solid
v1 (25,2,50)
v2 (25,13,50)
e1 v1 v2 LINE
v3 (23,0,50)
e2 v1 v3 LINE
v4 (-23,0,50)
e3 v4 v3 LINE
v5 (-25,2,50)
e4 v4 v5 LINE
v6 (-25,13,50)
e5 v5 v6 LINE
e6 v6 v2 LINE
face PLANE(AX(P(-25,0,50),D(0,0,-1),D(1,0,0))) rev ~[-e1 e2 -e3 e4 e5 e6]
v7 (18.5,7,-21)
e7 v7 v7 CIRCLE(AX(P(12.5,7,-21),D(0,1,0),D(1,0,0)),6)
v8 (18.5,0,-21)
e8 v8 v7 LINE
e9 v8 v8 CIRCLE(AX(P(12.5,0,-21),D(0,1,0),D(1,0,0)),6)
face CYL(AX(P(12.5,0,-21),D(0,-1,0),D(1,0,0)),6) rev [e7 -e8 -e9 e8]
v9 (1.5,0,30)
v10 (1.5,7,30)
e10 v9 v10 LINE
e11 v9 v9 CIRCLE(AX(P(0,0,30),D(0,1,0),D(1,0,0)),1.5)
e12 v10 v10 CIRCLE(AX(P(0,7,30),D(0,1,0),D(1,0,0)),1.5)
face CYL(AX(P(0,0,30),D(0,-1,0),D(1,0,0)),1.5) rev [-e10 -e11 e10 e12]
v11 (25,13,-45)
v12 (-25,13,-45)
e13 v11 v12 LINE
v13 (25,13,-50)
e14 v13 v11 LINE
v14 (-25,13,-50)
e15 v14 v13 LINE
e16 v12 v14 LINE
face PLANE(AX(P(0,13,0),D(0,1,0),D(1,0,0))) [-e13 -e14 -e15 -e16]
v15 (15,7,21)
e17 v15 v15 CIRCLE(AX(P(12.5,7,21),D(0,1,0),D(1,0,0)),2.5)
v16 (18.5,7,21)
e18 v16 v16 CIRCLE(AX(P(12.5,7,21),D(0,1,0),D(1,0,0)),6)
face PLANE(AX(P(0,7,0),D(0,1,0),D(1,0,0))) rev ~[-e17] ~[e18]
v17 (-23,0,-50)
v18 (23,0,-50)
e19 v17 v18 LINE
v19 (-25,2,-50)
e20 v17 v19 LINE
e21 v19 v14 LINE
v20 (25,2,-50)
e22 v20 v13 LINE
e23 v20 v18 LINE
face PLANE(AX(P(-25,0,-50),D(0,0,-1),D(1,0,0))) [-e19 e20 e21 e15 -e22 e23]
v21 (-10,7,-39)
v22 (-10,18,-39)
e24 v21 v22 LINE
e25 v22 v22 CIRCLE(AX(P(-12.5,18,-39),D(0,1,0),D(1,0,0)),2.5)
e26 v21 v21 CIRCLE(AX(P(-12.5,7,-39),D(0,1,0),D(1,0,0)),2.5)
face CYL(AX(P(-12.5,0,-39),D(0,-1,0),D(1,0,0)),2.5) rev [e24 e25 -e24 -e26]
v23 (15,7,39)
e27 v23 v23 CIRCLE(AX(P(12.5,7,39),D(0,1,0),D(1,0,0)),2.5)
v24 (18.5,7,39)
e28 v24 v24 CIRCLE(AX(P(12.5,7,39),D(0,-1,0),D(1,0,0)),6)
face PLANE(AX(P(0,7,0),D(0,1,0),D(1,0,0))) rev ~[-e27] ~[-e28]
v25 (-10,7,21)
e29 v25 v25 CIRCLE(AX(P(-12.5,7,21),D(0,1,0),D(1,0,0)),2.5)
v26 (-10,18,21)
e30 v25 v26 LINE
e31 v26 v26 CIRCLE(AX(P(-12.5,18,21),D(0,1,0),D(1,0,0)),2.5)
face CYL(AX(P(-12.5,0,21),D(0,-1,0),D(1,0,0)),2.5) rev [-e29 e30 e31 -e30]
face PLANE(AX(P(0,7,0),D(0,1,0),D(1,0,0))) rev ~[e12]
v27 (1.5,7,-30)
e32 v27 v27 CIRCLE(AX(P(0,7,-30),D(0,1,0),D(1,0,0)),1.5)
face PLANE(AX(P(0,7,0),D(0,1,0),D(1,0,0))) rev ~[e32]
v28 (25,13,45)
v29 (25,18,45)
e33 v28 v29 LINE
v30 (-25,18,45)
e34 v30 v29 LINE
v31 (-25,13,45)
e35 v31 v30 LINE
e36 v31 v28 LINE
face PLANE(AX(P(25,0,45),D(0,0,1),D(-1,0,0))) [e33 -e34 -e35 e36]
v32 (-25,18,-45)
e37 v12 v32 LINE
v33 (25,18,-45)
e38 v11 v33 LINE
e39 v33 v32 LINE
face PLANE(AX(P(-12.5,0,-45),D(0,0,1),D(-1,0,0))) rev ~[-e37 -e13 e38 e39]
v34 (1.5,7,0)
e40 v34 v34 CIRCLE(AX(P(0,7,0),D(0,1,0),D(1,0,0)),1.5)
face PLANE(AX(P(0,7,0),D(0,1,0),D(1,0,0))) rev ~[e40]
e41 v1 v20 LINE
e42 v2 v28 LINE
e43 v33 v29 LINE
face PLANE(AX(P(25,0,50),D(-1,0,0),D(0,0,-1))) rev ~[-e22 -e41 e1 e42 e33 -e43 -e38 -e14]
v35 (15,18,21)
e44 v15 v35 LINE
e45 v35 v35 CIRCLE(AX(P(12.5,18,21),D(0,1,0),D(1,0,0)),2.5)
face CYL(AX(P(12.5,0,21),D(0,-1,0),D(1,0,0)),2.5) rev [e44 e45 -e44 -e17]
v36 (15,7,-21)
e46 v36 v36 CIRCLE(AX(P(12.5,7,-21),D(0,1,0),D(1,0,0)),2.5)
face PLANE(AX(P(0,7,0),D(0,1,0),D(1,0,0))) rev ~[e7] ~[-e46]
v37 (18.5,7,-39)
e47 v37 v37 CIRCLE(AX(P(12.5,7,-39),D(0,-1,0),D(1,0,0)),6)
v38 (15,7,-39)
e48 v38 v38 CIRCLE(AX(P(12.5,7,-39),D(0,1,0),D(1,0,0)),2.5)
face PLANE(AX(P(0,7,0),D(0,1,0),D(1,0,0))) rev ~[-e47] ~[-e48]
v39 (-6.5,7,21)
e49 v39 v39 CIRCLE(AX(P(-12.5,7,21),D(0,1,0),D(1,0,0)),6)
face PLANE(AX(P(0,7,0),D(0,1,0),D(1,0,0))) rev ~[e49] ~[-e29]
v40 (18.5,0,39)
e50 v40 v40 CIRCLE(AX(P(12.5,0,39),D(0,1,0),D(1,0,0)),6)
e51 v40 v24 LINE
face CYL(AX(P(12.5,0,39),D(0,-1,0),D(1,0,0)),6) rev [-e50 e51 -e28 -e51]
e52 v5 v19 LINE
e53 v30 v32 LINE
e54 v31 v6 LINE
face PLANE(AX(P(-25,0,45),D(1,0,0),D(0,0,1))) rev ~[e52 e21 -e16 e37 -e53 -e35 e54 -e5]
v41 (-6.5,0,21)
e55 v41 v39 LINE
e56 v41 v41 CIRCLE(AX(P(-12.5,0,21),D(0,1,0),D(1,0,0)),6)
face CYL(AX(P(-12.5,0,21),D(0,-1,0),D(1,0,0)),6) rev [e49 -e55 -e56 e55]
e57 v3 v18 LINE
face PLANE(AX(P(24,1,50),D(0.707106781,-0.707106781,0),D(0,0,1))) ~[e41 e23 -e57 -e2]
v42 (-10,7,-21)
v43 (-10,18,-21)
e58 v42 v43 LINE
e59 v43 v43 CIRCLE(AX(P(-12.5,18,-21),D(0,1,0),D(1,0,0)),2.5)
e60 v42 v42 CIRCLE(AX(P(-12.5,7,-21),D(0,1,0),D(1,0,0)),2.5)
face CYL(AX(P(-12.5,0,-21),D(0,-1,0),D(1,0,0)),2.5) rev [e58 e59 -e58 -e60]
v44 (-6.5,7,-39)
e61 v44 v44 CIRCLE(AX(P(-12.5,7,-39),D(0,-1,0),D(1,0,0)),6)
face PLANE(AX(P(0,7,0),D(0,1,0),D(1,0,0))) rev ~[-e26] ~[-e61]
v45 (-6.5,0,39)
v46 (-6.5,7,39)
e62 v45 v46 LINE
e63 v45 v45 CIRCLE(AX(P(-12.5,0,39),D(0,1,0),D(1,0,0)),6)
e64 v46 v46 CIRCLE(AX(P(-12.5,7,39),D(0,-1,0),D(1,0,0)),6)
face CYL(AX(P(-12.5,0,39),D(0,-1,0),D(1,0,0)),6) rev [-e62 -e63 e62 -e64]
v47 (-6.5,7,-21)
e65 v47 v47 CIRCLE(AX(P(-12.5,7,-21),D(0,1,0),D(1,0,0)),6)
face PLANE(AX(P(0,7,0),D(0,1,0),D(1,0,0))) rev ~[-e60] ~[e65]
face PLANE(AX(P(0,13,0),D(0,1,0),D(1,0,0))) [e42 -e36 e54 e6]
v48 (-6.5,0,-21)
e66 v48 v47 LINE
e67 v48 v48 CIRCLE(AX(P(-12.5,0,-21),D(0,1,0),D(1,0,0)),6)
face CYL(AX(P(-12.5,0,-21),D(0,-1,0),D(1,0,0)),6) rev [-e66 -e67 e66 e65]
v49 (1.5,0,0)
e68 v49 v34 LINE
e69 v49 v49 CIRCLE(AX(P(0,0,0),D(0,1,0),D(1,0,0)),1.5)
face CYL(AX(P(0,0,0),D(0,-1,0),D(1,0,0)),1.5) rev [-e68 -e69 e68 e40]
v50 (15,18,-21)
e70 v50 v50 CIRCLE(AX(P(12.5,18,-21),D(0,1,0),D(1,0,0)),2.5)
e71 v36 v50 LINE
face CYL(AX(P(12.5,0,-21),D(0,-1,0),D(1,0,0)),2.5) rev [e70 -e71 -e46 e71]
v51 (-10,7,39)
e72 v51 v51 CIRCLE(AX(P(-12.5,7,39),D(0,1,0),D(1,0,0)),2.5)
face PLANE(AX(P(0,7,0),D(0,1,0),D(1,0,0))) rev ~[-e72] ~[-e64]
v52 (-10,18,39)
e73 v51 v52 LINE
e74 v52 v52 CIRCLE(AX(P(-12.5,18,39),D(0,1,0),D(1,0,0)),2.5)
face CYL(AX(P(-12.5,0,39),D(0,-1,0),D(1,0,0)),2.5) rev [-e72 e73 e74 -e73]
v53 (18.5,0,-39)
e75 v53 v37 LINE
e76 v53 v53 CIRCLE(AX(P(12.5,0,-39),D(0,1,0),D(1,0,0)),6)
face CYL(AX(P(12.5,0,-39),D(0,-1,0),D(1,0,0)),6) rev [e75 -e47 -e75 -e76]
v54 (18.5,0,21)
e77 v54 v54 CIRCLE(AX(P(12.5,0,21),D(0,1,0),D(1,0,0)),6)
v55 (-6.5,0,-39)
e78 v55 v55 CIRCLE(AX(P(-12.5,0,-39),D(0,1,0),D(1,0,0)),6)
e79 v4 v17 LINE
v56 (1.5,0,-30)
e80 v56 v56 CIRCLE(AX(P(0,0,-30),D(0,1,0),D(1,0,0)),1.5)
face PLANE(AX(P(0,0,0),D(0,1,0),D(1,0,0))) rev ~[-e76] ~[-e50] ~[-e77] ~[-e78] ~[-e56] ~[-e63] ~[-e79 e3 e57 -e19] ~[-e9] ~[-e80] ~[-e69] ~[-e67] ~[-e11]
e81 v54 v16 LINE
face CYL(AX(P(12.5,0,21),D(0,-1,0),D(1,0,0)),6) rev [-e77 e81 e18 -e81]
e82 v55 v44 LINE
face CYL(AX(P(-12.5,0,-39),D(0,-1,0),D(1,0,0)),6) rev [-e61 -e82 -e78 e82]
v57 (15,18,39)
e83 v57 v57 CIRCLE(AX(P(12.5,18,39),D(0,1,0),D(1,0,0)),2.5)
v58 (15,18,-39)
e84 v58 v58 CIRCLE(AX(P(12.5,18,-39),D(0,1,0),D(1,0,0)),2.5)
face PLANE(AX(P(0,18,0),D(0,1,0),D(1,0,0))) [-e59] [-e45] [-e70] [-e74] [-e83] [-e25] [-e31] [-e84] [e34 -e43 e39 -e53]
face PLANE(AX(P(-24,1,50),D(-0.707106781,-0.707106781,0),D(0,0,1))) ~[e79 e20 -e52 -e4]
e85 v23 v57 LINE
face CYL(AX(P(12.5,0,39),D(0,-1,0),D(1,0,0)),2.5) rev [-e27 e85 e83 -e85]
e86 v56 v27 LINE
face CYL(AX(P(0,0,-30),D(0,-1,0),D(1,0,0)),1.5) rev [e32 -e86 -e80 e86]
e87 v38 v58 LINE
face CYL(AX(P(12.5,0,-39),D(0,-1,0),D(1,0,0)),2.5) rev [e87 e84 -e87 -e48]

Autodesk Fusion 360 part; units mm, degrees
sketch "Board" plane through (0, 0, 0) normal (0, 1, 0) x (1, 0, 0)
  line L0 (-25, -45) -> (-25, -50)
  circle A0 centre (12.5, -39) radius 6
  line L1 (-25, -50) -> (25, -50)
  circle A1 centre (12.5, -21) radius 2.5
  circle A2 centre (12.5, 21) radius 2.5
  line L2 (-25, 50) -> (25, 50)
  circle A3 centre (0, 30) radius 1.5
  line L3 (-25, 45) -> (-25, 50)
  circle A4 centre (12.5, 39) radius 6
  circle A5 centre (-12.5, 21) radius 2.5
  circle A6 centre (12.5, 21) radius 6
  line L4 (25, 50) -> (25, 45)
  circle A7 centre (12.5, -21) radius 6
  line L5 (-25, 50) -> (25, 50)
  circle A8 centre (-12.5, 21) radius 6
  circle A9 centre (-12.5, -21) radius 2.5
  line L6 (25, 50) -> (-25, 50)
  circle A10 centre (12.5, 39) radius 2.5
  circle A11 centre (-12.5, 39) radius 6
  circle A12 centre (-12.5, 39) radius 2.5
  line L7 (25, -45) -> (-25, -45)
  line L8 (25, -50) -> (-25, -50)
  circle A13 centre (12.5, -39) radius 2.5
  circle A14 centre (-12.5, -39) radius 6
  circle A15 centre (0, -30) radius 1.5
  circle A16 centre (-12.5, -39) radius 2.5
  line L9 (25, -50) -> (25, -45)
  line L10 (25, 50) -> (25, -50)
  line L11 (25, 45) -> (-25, 45)
  line L12 (-25, -50) -> (-25, 50)
  circle A17 centre (0, 0) radius 1.5
  circle A18 centre (-12.5, -21) radius 6
  dimension "d23" = 100
  dimension "d24" = 5
  dimension "d25" = 5
  dimension "d26" = 5
  dimension "d27" = 5
  dimension "d28" = 5
  dimension "d29" = 5
  dimension "d30" = 5
  dimension "d31" = 5
  dimension "d32" = 3
  dimension "d33" = 3
  dimension "d34" = 3
  dimension "d35" = 12
  dimension "d36" = 12
  dimension "d37" = 12
  dimension "d38" = 12
  dimension "d39" = 12
  dimension "d40" = 12
  dimension "d41" = 12
  dimension "d42" = 12
  dimension "d43" = 5
  dimension "d44" = 5
extrude "Extrude1" add sketch "Board" along normal blind 13 contours L0 L1 L7 L8 L9 L10 L12 | L2 L3 L4 L5 L6 L10 L11 L12 makes body 1 at (8.3333, 4.3333, 45) makes body 2 at (-8.3333, 4.3333, -50)
extrude "Extrude2" add sketch "Board" along normal blind 18 contours A14 | A0 | A4 | A11 | L7 L10 L11 L12 | A3 | A6 | A7 | A8 | A15 | A17 | A18 bodies 1 2
extrude "Extrude3" cut sketch "Board" along normal blind 7 contours A14 | A0 | A4 | A11 | A6 | A7 | A8 | A18 bodies 1
extrude "Extrude4" cut sketch "Board" along normal blind 7 contours A3 | A15 | A17 bodies 1
chamfer "Chamfer1" distance 2 angle 45 2 edges at (25, 0, 0) (-25, 0, 0) on bodies 1
